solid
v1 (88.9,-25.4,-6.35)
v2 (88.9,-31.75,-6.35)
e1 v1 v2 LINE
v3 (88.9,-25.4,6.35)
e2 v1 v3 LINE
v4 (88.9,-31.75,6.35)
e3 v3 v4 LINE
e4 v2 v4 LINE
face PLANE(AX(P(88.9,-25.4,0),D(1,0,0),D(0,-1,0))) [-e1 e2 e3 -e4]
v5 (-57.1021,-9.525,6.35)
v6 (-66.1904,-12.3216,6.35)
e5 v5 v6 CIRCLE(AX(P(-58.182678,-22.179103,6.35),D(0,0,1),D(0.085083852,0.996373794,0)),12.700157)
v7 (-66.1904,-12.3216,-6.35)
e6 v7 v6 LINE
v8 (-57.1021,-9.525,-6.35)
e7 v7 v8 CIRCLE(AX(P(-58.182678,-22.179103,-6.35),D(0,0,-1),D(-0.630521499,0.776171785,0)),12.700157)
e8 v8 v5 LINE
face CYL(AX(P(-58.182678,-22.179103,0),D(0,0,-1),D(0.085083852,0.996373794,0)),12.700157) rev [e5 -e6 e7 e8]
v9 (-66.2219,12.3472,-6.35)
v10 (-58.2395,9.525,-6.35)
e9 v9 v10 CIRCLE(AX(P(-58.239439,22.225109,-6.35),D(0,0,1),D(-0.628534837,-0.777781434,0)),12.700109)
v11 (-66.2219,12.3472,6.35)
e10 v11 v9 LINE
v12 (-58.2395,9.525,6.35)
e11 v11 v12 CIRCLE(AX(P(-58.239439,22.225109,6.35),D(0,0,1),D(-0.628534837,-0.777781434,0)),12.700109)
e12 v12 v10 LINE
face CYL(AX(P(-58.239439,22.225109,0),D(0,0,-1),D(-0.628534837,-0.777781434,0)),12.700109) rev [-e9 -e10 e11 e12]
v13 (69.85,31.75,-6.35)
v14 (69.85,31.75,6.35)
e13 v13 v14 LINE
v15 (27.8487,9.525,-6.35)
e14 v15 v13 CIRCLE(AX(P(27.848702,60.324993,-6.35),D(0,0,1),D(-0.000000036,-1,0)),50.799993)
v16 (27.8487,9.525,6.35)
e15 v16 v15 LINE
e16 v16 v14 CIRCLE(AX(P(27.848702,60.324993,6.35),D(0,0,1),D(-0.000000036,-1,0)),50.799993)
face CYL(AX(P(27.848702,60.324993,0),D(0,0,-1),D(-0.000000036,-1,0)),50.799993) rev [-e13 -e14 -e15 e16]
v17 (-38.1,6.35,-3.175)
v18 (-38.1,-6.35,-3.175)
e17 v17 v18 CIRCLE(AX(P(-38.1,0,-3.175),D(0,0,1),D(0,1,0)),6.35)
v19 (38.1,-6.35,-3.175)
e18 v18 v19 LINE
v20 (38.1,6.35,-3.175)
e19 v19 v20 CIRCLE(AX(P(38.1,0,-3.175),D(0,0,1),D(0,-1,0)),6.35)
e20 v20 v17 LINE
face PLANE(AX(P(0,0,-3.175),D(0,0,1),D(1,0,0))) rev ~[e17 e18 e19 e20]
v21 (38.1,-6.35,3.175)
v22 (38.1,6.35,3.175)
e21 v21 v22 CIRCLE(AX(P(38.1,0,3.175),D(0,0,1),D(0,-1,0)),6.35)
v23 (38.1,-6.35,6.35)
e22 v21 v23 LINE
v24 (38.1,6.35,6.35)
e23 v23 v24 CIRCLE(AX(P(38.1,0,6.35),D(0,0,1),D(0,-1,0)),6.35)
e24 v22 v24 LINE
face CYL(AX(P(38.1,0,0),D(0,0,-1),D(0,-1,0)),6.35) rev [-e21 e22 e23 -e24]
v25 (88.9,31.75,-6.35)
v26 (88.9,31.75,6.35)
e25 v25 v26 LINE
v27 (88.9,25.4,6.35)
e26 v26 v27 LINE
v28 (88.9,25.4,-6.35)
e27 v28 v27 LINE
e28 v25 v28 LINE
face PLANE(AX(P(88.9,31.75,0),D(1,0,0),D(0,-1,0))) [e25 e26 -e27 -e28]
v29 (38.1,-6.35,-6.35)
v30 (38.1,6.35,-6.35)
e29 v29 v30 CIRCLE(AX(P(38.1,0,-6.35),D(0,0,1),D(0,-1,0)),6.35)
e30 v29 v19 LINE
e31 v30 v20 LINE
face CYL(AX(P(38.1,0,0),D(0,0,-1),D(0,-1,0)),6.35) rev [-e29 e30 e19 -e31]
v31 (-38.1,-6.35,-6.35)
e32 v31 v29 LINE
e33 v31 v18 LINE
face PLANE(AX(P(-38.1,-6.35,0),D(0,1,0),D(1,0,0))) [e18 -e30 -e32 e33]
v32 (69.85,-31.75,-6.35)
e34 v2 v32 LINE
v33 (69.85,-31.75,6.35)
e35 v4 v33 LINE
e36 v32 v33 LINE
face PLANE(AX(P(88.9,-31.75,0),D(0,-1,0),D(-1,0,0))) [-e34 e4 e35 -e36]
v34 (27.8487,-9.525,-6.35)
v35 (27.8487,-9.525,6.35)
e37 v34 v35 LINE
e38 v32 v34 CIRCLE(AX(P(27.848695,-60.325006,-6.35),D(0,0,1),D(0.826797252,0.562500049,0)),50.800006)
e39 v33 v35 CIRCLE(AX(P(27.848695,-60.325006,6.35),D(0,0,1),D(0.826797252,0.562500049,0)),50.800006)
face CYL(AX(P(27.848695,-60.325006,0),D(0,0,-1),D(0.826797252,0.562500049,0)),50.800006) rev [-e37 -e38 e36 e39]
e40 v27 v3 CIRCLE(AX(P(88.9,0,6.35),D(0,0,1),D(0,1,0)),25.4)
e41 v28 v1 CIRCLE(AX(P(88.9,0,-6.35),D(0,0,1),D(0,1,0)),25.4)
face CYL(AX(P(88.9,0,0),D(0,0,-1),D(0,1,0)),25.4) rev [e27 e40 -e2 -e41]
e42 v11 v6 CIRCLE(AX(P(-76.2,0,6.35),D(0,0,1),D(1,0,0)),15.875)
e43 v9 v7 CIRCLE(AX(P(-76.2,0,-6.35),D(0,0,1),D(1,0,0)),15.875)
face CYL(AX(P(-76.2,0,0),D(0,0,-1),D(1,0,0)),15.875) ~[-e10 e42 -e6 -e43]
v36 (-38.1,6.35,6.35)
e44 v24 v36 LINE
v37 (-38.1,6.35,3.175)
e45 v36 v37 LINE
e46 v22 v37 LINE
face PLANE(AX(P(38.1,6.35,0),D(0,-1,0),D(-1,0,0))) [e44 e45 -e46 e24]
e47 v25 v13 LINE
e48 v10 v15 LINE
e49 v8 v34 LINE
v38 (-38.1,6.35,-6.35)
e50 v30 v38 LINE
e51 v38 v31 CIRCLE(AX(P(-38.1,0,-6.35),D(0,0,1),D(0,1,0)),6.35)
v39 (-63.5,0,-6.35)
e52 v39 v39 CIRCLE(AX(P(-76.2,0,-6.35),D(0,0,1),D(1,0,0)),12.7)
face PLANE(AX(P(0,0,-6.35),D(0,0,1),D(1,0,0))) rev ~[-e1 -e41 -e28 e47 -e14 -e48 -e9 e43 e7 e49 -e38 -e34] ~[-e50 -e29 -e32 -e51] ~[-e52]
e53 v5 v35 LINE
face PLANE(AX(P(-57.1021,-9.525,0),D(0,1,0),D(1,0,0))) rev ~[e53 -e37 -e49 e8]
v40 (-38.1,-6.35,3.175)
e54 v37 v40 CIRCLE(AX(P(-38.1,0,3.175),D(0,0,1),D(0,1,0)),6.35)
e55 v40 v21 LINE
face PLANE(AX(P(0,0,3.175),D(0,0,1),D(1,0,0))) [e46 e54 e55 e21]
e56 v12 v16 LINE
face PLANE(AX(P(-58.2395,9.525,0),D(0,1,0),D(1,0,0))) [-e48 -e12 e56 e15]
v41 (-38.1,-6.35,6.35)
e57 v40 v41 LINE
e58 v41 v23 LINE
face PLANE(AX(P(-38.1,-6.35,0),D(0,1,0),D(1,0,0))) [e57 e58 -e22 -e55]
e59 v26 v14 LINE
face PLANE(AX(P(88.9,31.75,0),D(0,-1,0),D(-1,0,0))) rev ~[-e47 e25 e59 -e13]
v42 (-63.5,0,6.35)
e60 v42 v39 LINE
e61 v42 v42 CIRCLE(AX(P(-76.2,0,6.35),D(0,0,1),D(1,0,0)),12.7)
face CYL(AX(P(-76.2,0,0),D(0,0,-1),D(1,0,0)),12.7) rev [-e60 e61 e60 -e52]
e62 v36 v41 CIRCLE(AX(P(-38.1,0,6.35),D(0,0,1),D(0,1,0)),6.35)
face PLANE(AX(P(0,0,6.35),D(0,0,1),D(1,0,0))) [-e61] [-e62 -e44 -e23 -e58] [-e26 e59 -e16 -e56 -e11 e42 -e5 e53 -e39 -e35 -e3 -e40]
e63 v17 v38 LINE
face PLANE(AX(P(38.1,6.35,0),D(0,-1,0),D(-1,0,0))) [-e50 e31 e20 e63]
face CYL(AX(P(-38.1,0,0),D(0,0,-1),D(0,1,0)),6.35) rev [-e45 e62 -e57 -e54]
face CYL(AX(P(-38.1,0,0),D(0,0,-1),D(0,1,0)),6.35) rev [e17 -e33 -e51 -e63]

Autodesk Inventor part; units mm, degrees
sketch "Sketch1" plane through (0, 0, 0) normal (0, 0, 1) x (1, 0, 0)
  circle A0 centre (-76.2, 0) radius 15.875
  line L0 (-38.1, 0) -> (38.1, 0) construction
  line L1 (-38.1, -6.35) -> (38.1, -6.35)
  line L2 (38.1, 6.35) -> (-38.1, 6.35)
  arc A1 (-38.1, 6.35) -> (-38.1, -6.35) centre (-38.1, 0) ccw
  arc A2 (38.1, -6.35) -> (38.1, 6.35) centre (38.1, 0) ccw
  arc A3 (88.9, 31.75) -> (88.9, -31.75) centre (88.9, 0) ccw
  circle A4 centre (-76.2, 0) radius 12.7
  arc A5 (88.9, 25.4) -> (88.9, -25.4) centre (88.9, 0) ccw
  line L3 (88.9, 31.75) -> (88.9, 25.4)
  line L4 (88.9, -25.4) -> (88.9, -31.75)
  line L5 (88.9, 31.75) -> (69.85, 31.75)
  line L6 (88.9, -31.75) -> (69.85, -31.75)
  line L7 (-58.2395, 9.525) -> (27.8487, 9.525)
  line L8 (-59.2632, -9.525) -> (27.8487, -9.525)
  arc A6 (27.8487, 9.525) -> (69.85, 31.75) centre (27.8487, 60.325) ccw
  arc A7 (69.85, -31.75) -> (27.8487, -9.525) centre (27.8487, -60.325) ccw
  arc A8 (-66.2219, 12.3472) -> (-58.2395, 9.525) centre (-58.2395, 22.225) ccw
  arc A9 (-57.1021, -9.525) -> (-66.1904, -12.3216) centre (-58.1827, -22.1789) ccw
  point P0 (0, 0)
  point P1 (0, 0)
  dimension "d0" = 31.75
  dimension "d1" = 25.4
  dimension "d2" = 12.7
  dimension "d3" = 76.2
  dimension "d4" = 165.1
  dimension "d5" = 50.8
  dimension "d6" = 63.5
  dimension "d7" = 50.8
  dimension "d8" = 19.05
  dimension "d9" = 19.05
  dimension "d12" = 19.05
  dimension "d13" = 9.525
  dimension "d15" = 101.6
  dimension "d16" = 101.6
  dimension "d17" = 25.4
  dimension "d18" = 25.4
  dimension "d19" = 0
extrude "Base" add sketch "Sketch1" along normal mid plane 12.7 contours A0 | A0 A8 L7 A6 L5 A3 L6 A7 L8 A9 | L3 A5 L4 A3
extrude "Extrusion2" add sketch "Sketch1" along normal mid plane 6.35 contours A1 L2 A2 L1
sketch "Sketch2" plane through (0, 0, 0) normal (0, 0, 1) x (1, 0, 0)
  arc A0 (-38.1, 6.35) -> (-38.1, -6.35) centre (-38.1, 0) ccw projected
  line L0 (-38.1, 6.35) -> (38.1, 6.35) projected
  arc A1 (38.1, -6.35) -> (38.1, 6.35) centre (38.1, 0) ccw projected
  line L1 (38.1, -6.35) -> (-38.1, -6.35) projected
  circle A2 centre (-76.2, 0) radius 12.7 projected
  line L2 (88.9, -31.75) -> (88.9, -25.4) projected
  arc A3 (88.9, 25.4) -> (88.9, -25.4) centre (88.9, 0) ccw projected
  line L3 (88.9, 25.4) -> (88.9, 31.75) projected
  line L4 (88.9, 31.75) -> (69.85, 31.75) projected
  arc A4 (27.8487, 9.525) -> (69.85, 31.75) centre (27.8487, 60.325) ccw projected
  line L5 (27.8487, 9.525) -> (-58.2395, 9.525) projected
  arc A5 (-66.2219, 12.3472) -> (-58.2395, 9.525) centre (-58.2395, 22.225) ccw projected
  arc A6 (-66.2219, 12.3472) -> (-66.1904, -12.3216) centre (-76.2, 0) ccw projected
  arc A7 (-57.1021, -9.525) -> (-66.1904, -12.3216) centre (-58.1827, -22.1789) ccw projected
  line L6 (-57.1021, -9.525) -> (27.8487, -9.525) projected
  arc A8 (69.85, -31.75) -> (27.8487, -9.525) centre (27.8487, -60.325) ccw projected
  line L7 (69.85, -31.75) -> (88.9, -31.75) projected
  arc A9 (-38.1, 6.35) -> (-38.1, -6.35) centre (-38.1, 0) ccw projected
  line L8 (-38.1, 6.35) -> (38.1, 6.35) projected
  arc A10 (38.1, -6.35) -> (38.1, 6.35) centre (38.1, 0) ccw projected
  line L9 (38.1, -6.35) -> (-38.1, -6.35) projected
  circle A11 centre (-76.2, 0) radius 12.7 projected
  line L10 (88.9, -31.75) -> (88.9, -25.4) projected
  arc A12 (88.9, 25.4) -> (88.9, -25.4) centre (88.9, 0) ccw projected
  line L11 (88.9, 25.4) -> (88.9, 31.75) projected
  line L12 (88.9, 31.75) -> (69.85, 31.75) projected
  arc A13 (27.8487, 9.525) -> (69.85, 31.75) centre (27.8487, 60.325) ccw projected
  line L13 (27.8487, 9.525) -> (-58.2395, 9.525) projected
  arc A14 (-66.2219, 12.3472) -> (-58.2395, 9.525) centre (-58.2395, 22.225) ccw projected
  arc A15 (-66.2219, 12.3472) -> (-66.1904, -12.3216) centre (-76.2, 0) ccw projected
  arc A16 (-57.1021, -9.525) -> (-66.1904, -12.3216) centre (-58.1827, -22.1789) ccw projected
  line L14 (-57.1021, -9.525) -> (27.8487, -9.525) projected
  arc A17 (69.85, -31.75) -> (27.8487, -9.525) centre (27.8487, -60.325) ccw projected
  line L15 (69.85, -31.75) -> (88.9, -31.75) projected
  circle A18 centre (-76.2, 0) radius 12.7
  circle A19 centre (-76.2, 0) radius 15.875
  circle A20 centre (-76.2, 0) radius 15.875
  point P0 (0, 0)
